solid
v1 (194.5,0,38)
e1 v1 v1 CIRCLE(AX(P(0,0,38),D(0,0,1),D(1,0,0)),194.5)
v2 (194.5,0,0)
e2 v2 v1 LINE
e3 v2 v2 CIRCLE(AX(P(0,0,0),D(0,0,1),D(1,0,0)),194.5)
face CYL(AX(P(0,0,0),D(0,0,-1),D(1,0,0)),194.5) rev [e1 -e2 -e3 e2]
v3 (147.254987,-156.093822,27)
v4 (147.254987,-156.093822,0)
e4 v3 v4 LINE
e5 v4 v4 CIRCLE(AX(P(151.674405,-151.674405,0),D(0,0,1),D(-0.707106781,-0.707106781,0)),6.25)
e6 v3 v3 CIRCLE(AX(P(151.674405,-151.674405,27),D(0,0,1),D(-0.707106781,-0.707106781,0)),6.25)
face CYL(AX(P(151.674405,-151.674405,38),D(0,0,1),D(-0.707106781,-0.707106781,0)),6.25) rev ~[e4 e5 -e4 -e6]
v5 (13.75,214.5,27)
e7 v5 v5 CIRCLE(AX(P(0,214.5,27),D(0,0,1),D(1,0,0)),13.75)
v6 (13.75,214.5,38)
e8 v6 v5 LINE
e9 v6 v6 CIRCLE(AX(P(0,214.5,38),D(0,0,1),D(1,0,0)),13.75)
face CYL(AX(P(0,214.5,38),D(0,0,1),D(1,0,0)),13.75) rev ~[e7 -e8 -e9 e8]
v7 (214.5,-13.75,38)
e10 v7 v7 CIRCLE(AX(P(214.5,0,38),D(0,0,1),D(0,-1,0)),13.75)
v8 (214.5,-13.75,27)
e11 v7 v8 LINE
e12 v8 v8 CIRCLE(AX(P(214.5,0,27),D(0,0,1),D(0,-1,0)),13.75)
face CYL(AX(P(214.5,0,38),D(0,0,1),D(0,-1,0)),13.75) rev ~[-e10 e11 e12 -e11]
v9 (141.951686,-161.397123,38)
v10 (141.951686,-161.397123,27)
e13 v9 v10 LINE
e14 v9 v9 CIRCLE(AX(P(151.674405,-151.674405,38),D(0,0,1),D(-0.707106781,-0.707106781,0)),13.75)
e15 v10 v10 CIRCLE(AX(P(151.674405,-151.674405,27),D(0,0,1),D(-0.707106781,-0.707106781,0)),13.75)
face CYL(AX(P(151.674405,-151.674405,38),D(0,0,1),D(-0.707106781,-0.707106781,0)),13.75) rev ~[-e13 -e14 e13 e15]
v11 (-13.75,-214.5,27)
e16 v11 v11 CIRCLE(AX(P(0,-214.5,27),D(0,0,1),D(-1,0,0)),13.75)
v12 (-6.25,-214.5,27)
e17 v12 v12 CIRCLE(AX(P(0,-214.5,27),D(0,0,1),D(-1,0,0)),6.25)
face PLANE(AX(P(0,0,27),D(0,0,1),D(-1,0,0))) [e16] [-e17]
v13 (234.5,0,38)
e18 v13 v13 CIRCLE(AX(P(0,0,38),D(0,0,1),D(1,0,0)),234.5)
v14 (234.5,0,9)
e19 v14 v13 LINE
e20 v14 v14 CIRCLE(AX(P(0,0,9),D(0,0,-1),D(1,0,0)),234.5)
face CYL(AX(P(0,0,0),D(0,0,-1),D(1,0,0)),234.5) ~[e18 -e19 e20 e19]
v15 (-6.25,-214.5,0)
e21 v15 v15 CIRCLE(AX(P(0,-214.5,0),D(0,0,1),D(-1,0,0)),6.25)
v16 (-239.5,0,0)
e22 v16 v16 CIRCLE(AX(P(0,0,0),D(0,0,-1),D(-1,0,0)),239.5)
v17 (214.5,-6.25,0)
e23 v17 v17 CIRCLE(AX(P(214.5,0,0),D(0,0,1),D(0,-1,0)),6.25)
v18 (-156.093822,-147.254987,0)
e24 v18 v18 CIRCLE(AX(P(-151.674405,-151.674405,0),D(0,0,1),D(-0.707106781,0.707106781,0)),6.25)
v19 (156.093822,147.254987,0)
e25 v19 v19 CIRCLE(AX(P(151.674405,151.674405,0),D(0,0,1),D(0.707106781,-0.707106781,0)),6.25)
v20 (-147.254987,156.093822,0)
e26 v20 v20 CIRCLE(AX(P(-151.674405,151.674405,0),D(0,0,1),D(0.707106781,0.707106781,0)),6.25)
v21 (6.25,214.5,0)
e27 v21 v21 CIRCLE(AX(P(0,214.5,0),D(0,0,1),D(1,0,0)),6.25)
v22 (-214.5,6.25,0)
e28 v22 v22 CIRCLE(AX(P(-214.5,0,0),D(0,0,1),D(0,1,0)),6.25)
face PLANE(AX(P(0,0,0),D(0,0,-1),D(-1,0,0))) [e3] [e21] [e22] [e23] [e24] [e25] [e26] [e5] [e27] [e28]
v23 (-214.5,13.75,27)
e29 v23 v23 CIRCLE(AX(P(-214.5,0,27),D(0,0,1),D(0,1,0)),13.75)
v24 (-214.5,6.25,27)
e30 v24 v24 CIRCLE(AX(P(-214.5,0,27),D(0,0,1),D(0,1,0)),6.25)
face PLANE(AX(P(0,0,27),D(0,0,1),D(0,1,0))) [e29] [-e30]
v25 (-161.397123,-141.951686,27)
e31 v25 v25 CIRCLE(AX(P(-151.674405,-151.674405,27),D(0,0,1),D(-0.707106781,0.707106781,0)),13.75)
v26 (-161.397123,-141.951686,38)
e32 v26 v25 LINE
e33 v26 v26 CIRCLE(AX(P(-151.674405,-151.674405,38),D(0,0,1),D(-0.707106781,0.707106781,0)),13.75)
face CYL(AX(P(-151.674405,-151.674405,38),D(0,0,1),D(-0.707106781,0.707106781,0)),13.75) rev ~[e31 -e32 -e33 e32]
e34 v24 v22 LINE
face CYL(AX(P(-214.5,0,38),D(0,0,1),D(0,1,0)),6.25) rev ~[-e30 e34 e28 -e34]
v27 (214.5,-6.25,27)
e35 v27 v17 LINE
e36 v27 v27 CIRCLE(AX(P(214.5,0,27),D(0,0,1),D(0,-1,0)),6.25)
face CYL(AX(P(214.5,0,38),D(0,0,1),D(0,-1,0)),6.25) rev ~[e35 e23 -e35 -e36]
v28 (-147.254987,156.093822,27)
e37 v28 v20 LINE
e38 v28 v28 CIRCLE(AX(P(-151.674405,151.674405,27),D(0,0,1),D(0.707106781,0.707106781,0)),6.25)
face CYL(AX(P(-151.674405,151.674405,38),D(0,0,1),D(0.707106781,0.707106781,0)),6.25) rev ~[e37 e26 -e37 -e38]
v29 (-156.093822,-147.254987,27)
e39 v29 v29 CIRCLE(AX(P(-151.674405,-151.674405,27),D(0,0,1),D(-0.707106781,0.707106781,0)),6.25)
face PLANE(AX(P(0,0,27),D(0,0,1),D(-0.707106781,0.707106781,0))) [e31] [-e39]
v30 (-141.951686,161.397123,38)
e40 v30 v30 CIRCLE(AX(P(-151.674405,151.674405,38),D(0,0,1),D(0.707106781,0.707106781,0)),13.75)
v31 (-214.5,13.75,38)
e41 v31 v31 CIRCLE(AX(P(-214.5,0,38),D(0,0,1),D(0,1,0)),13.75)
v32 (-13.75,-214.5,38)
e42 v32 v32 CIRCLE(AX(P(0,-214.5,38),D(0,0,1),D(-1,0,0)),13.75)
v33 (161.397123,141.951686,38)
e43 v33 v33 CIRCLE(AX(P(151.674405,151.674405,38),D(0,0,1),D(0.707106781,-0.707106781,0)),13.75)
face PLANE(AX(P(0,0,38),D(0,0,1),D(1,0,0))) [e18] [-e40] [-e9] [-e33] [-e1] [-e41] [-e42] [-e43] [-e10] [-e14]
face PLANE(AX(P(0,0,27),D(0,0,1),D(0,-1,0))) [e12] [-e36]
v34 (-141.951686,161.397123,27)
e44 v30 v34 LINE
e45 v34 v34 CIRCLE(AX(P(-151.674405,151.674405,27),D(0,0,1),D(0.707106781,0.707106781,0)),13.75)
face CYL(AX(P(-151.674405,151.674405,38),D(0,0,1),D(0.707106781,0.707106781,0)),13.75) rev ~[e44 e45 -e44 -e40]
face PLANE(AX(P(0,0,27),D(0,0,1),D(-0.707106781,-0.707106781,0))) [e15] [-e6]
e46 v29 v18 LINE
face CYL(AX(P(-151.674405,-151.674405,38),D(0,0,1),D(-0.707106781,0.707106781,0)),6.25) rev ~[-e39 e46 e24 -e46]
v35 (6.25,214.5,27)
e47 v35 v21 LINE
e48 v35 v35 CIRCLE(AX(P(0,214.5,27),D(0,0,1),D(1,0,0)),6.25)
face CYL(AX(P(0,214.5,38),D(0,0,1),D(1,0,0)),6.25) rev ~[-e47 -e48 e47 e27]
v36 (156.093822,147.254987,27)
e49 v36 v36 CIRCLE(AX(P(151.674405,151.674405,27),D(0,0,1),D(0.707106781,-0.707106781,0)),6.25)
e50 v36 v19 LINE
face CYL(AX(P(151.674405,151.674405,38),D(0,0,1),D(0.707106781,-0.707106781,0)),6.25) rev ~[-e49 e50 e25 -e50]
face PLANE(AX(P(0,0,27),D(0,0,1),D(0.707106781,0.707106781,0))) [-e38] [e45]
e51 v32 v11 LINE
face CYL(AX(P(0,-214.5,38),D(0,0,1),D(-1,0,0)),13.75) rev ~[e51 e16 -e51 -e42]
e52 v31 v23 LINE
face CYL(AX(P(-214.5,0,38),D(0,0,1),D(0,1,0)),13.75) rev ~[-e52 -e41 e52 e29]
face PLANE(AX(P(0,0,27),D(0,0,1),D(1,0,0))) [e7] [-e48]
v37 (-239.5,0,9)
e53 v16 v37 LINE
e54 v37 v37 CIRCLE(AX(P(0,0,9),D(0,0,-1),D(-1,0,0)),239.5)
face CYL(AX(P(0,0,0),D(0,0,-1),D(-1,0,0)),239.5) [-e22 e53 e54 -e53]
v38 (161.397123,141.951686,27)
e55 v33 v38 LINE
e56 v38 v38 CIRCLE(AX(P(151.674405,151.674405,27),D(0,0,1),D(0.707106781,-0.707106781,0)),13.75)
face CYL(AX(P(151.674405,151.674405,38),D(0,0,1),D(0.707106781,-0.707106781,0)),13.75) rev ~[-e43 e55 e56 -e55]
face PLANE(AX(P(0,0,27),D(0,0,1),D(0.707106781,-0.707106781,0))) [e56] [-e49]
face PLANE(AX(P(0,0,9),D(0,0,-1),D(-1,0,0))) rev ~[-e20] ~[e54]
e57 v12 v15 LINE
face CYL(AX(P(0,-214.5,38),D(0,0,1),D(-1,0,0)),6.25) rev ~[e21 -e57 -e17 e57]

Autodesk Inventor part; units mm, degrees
ref_plane "YZ Plane" through (0, 0, 0) normal (1, 0, 0) x (0, 1, 0)
ref_plane "XZ Plane" through (0, 0, 0) normal (0, 1, 0) x (-1, 0, 0)
ref_plane "XY Plane" through (0, 0, 0) normal (0, 0, 1) x (1, 0, 0)
sketch "Sketch1" plane through (0, 0, 0) normal (0, 0, 1) x (1, 0, 0)
  circle A0 centre (0, 0) radius 194.5
  circle A1 centre (0, 0) radius 234.5
  dimension "d0" = 40
  dimension "d1" = 389
extrude "Extrusion1" add sketch "Sketch1" along normal blind 38
sketch "Sketch2" plane through (0, 0, 38) normal (0, 0, 1) x (1, 0, 0)
  circle A0 centre (0, 0) radius 234.5 construction
  circle A1 centre (0, 0) radius 194.5 construction
  line L0 (0, 234.5) -> (0, 194.5) construction
  circle A2 centre (0, 214.5) radius 6.25
  dimension "d4" = 12.5
extrude "Extrusion2" cut sketch "Sketch2" against normal through all
sketch "Sketch3" plane through (0, 0, 38) normal (0, 0, 1) x (1, 0, 0)
  circle A0 centre (0, 214.5) radius 6.25 projected
  circle A1 centre (0, 214.5) radius 13.75
  point P0 (0, 0)
  dimension "d10" = 27.5
extrude "Extrusion3" cut sketch "Sketch3" against normal blind 11
pattern_circular "Circular Pattern1" count 8 over 360 about axis through (0, 0, 0) along (0, 0, 1) of "Extrusion2", "Extrusion3"
sketch "Sketch4" plane through (0, 0, 0) normal (0, 0, -1) x (-1, 0, 0)
  circle A0 centre (0, 0) radius 234.5 projected
  circle A1 centre (0, 0) radius 239.5
  dimension "d13" = 5
extrude "Extrusion4" add sketch "Sketch4" against normal blind 9
equation "\"d1\" = Вал_ось_диаметр_КОРМА"
equation "\"Вал_ось_диаметр_КОРМА\" = 389"
properties part number "ДМФ 01 32 Барабан Опорное кольцо КОРМА"
